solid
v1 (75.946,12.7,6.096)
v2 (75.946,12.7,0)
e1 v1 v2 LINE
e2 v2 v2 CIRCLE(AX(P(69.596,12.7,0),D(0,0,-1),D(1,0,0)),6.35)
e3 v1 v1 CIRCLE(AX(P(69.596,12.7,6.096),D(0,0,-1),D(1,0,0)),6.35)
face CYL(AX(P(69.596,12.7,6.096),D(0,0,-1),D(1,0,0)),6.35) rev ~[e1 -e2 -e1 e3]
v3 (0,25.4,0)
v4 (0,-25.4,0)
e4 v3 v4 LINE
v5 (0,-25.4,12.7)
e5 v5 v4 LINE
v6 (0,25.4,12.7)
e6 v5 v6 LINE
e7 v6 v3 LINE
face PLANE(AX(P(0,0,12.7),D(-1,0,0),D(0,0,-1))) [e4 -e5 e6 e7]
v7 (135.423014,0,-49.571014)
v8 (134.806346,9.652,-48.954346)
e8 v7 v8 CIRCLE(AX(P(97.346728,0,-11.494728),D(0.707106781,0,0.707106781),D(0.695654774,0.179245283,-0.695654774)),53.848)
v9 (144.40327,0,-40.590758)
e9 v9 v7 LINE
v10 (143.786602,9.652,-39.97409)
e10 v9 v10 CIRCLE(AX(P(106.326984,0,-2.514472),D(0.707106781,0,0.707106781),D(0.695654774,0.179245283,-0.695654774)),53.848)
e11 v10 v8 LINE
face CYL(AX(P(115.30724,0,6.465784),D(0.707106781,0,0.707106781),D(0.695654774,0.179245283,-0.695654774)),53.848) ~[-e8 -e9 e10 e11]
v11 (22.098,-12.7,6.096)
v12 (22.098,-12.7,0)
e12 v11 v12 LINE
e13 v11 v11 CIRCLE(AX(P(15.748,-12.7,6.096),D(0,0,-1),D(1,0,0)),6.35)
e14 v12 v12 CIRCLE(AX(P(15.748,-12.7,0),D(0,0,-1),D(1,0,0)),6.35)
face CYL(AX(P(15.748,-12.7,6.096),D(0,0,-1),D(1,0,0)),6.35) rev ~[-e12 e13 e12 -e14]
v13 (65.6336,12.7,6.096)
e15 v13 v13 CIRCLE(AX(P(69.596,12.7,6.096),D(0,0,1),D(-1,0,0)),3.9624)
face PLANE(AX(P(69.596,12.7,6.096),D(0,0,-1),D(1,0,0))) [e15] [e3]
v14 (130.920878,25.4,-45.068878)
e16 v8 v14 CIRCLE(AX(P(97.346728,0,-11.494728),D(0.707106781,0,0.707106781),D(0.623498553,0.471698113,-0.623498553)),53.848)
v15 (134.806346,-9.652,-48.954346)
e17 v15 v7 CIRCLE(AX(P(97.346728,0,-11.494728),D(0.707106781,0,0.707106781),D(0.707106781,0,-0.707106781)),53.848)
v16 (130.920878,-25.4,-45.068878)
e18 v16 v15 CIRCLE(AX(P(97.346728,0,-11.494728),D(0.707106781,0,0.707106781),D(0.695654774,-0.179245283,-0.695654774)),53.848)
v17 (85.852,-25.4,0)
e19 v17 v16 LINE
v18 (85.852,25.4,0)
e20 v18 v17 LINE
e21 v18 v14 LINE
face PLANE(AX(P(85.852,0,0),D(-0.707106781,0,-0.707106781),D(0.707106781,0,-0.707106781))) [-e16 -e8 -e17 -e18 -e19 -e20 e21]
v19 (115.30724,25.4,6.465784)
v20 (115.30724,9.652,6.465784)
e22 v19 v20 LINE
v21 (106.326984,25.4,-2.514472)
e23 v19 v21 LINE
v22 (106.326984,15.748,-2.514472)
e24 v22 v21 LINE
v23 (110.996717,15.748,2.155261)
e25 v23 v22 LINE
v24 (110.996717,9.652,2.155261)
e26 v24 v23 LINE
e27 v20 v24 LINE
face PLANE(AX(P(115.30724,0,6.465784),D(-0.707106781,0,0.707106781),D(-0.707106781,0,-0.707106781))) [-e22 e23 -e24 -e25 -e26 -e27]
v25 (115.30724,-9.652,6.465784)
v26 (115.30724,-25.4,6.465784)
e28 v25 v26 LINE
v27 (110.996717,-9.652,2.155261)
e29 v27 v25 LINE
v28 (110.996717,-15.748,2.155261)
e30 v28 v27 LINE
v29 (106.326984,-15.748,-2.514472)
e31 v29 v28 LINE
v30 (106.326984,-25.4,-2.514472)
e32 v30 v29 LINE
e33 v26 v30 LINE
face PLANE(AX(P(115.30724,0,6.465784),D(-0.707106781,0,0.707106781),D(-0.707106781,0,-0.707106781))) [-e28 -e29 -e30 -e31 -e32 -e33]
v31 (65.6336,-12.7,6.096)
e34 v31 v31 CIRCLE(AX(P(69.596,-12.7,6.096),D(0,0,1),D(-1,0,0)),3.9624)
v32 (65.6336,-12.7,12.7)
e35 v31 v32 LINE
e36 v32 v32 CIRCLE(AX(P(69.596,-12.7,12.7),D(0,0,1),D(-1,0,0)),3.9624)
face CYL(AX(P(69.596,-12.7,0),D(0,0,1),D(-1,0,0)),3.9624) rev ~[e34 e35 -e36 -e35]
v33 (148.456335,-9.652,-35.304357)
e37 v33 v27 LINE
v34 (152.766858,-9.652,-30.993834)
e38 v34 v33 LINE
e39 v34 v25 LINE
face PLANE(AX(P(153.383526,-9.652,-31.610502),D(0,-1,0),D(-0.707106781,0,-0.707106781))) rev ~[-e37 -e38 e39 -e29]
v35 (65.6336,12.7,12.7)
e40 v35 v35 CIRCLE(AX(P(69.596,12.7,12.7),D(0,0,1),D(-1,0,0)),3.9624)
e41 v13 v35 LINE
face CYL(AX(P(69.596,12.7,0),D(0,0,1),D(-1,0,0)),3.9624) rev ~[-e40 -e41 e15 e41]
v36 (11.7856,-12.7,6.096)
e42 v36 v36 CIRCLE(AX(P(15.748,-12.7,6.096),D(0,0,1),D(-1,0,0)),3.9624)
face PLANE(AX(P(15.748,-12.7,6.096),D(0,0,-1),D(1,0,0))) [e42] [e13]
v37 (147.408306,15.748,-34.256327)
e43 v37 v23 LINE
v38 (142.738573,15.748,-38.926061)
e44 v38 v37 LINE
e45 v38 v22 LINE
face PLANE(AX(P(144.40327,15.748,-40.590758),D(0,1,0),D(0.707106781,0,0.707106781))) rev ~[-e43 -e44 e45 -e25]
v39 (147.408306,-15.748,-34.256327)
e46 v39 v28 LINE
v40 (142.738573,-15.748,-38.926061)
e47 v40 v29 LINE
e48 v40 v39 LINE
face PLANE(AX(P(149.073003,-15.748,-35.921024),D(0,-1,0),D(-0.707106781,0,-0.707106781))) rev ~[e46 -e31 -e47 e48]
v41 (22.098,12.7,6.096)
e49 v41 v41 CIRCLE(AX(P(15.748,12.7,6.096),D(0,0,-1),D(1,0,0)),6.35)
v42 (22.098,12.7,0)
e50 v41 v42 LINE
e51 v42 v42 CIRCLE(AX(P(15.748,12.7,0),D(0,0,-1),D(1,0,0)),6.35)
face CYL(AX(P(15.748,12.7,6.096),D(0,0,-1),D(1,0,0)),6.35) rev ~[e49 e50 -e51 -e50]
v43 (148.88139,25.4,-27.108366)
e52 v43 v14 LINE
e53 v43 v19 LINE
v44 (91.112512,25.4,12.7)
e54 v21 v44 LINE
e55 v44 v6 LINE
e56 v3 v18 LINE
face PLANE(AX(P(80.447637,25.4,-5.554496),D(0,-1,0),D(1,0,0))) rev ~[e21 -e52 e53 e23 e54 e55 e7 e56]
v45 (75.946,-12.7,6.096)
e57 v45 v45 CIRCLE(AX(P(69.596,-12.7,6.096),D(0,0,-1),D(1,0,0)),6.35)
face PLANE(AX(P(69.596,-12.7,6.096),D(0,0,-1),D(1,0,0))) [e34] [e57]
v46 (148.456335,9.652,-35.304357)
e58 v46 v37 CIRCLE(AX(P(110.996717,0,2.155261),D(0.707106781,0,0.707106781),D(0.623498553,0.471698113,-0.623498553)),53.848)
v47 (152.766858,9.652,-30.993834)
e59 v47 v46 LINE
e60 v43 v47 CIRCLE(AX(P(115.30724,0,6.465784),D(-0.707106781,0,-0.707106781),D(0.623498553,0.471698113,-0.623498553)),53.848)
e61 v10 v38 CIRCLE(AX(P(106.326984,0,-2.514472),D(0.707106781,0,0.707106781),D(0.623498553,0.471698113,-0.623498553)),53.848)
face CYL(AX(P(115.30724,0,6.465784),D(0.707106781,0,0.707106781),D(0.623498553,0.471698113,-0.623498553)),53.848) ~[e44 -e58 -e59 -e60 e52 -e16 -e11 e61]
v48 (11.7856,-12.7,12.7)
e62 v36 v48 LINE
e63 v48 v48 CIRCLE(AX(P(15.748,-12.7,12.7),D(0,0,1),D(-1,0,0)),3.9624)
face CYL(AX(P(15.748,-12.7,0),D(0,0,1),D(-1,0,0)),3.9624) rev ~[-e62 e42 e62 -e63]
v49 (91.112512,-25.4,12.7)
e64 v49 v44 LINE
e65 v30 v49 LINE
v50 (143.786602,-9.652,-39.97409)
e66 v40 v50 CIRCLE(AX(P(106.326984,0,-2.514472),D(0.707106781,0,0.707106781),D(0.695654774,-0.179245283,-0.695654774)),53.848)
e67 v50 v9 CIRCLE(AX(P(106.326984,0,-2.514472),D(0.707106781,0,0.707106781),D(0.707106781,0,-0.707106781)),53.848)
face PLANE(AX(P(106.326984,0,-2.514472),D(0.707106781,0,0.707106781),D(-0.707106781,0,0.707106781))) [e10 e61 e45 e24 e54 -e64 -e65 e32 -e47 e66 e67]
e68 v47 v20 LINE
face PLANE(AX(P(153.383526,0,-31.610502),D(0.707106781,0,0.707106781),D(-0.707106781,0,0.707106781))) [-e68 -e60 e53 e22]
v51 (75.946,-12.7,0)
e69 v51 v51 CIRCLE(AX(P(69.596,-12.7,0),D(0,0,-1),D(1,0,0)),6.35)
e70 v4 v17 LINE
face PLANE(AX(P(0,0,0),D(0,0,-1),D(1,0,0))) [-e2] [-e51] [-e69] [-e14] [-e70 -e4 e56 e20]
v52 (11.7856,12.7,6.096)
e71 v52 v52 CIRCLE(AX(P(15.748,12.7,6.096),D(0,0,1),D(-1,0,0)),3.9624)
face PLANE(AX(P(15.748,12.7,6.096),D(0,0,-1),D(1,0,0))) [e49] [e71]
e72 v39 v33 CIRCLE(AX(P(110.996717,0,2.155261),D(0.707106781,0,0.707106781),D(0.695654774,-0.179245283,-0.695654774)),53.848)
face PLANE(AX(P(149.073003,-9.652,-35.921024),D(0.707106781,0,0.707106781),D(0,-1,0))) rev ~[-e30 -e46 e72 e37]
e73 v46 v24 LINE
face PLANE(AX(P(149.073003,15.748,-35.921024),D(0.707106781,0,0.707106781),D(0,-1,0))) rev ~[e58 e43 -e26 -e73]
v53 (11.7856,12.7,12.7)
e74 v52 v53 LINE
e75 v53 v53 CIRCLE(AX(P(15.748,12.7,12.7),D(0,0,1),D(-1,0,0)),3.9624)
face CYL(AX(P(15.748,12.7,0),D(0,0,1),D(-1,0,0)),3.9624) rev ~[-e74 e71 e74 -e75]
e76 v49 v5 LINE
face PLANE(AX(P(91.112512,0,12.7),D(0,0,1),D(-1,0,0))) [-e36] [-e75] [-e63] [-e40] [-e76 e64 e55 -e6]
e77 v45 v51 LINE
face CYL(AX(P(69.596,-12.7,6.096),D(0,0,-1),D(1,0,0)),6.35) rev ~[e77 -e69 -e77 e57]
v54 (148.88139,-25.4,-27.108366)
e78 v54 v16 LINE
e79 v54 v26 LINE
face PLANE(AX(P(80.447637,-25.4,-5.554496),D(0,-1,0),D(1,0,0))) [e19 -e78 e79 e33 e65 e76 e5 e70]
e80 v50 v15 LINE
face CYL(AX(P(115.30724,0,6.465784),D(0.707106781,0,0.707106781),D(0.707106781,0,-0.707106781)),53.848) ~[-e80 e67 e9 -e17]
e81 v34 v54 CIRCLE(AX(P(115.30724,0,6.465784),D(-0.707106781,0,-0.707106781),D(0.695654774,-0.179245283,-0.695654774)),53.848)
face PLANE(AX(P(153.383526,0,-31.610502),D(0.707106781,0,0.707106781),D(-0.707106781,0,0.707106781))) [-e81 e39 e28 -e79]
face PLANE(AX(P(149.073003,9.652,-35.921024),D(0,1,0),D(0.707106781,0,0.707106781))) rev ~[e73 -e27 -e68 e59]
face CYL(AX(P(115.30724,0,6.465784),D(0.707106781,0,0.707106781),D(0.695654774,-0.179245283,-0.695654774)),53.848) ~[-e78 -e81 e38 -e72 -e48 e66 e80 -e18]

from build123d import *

# Parameters (mm, degrees)
F1_DEPTH       = 25.4
F4_D           = 7.9248
F4_CBORE_D     = 12.7
F4_CBORE_DEPTH = 6.096
F6_DEPTH       = 139.7917874995
F8_DEPTH       = 121.1595313784


with BuildPart() as f1:
    # F0 (on Front) → F1 (new body, symmetric)
    with BuildSketch(Plane.XZ):
        Polygon((0, 12.7), (0, 0), (85.852, 0), (135.4230137883, -49.5710137883), (153.3835260304, -31.6105015462), (115.3072400771, 6.4657844072), (106.326983956, -2.5144717139), (91.1125122421, 12.7), align=None)
    extrude(amount=F1_DEPTH, both=True)

    # F4 (through all)
    with Locations(Plane(origin=(0, 0, 0), x_dir=(1, 0, 0), z_dir=(0, 0, -1))):
        with Locations((15.748, 12.7), (15.748, -12.7), (69.596, 12.7), (69.596, -12.7)):
            CounterBoreHole(F4_D / 2, F4_CBORE_D / 2, F4_CBORE_DEPTH)

    # F5 (on face) → F6 (cut, through all)
    with BuildSketch(Plane(origin=(92.4970137883, 0, -92.4970137883), x_dir=(0, 1, 0), z_dir=(0.7071067812, 0, -0.7071067812))):
        Polygon((9.652, 86.1065313784), (-9.652, 86.1065313784), (-9.652, 80.0105313784), (-15.748, 80.0105313784), (-15.748, 73.4065313784), (15.748, 73.4065313784), (15.748, 80.0105313784), (9.652, 80.0105313784), align=None)
    extrude(amount=-F6_DEPTH, mode=Mode.SUBTRACT)

    # F7 (on face) → F8 (cut, through all)
    with BuildSketch(Plane(origin=(60.8865122421, 0, 60.8865122421), x_dir=(0.7071067812, 0, -0.7071067812), z_dir=(0.7071067812, 0, 0.7071067812))):
        with BuildLine():
            ThreePointArc((129.9384315595, -9.652), (127.8044235189, -17.7400424907), (124.4435497331, -25.4))
            Line((124.4435497331, -25.4), (130.8105313784, -25.4))
            Line((130.8105313784, -25.4), (130.8105313784, -15.748))
            Line((130.8105313784, -15.748), (130.8105313784, -9.652))
            Line((130.8105313784, -9.652), (129.9384315595, -9.652))
        make_face()
        with BuildLine():
            Line((129.9384315595, 9.652), (130.8105313784, 9.652))
            Line((130.8105313784, 9.652), (130.8105313784, 15.748))
            Line((130.8105313784, 15.748), (130.8105313784, 25.4))
            Line((130.8105313784, 25.4), (124.4435497331, 25.4))
            ThreePointArc((124.4435497331, 25.4), (127.8044235189, 17.7400424907), (129.9384315595, 9.652))
        make_face()
        with BuildLine():
            ThreePointArc((130.8105313784, 0), (130.5920632473, -4.8456594519), (129.9384315595, -9.652))
            Line((129.9384315595, -9.652), (130.8105313784, -9.652))
            Line((130.8105313784, -9.652), (130.8105313784, 0))
        make_face()
        with BuildLine():
            ThreePointArc((129.9384315595, 9.652), (130.5920632473, 4.8456594519), (130.8105313784, 0))
            Line((130.8105313784, 0), (130.8105313784, 9.652))
            Line((130.8105313784, 9.652), (129.9384315595, 9.652))
        make_face()
    extrude(amount=-F8_DEPTH, mode=Mode.SUBTRACT)


solid = f1.part
